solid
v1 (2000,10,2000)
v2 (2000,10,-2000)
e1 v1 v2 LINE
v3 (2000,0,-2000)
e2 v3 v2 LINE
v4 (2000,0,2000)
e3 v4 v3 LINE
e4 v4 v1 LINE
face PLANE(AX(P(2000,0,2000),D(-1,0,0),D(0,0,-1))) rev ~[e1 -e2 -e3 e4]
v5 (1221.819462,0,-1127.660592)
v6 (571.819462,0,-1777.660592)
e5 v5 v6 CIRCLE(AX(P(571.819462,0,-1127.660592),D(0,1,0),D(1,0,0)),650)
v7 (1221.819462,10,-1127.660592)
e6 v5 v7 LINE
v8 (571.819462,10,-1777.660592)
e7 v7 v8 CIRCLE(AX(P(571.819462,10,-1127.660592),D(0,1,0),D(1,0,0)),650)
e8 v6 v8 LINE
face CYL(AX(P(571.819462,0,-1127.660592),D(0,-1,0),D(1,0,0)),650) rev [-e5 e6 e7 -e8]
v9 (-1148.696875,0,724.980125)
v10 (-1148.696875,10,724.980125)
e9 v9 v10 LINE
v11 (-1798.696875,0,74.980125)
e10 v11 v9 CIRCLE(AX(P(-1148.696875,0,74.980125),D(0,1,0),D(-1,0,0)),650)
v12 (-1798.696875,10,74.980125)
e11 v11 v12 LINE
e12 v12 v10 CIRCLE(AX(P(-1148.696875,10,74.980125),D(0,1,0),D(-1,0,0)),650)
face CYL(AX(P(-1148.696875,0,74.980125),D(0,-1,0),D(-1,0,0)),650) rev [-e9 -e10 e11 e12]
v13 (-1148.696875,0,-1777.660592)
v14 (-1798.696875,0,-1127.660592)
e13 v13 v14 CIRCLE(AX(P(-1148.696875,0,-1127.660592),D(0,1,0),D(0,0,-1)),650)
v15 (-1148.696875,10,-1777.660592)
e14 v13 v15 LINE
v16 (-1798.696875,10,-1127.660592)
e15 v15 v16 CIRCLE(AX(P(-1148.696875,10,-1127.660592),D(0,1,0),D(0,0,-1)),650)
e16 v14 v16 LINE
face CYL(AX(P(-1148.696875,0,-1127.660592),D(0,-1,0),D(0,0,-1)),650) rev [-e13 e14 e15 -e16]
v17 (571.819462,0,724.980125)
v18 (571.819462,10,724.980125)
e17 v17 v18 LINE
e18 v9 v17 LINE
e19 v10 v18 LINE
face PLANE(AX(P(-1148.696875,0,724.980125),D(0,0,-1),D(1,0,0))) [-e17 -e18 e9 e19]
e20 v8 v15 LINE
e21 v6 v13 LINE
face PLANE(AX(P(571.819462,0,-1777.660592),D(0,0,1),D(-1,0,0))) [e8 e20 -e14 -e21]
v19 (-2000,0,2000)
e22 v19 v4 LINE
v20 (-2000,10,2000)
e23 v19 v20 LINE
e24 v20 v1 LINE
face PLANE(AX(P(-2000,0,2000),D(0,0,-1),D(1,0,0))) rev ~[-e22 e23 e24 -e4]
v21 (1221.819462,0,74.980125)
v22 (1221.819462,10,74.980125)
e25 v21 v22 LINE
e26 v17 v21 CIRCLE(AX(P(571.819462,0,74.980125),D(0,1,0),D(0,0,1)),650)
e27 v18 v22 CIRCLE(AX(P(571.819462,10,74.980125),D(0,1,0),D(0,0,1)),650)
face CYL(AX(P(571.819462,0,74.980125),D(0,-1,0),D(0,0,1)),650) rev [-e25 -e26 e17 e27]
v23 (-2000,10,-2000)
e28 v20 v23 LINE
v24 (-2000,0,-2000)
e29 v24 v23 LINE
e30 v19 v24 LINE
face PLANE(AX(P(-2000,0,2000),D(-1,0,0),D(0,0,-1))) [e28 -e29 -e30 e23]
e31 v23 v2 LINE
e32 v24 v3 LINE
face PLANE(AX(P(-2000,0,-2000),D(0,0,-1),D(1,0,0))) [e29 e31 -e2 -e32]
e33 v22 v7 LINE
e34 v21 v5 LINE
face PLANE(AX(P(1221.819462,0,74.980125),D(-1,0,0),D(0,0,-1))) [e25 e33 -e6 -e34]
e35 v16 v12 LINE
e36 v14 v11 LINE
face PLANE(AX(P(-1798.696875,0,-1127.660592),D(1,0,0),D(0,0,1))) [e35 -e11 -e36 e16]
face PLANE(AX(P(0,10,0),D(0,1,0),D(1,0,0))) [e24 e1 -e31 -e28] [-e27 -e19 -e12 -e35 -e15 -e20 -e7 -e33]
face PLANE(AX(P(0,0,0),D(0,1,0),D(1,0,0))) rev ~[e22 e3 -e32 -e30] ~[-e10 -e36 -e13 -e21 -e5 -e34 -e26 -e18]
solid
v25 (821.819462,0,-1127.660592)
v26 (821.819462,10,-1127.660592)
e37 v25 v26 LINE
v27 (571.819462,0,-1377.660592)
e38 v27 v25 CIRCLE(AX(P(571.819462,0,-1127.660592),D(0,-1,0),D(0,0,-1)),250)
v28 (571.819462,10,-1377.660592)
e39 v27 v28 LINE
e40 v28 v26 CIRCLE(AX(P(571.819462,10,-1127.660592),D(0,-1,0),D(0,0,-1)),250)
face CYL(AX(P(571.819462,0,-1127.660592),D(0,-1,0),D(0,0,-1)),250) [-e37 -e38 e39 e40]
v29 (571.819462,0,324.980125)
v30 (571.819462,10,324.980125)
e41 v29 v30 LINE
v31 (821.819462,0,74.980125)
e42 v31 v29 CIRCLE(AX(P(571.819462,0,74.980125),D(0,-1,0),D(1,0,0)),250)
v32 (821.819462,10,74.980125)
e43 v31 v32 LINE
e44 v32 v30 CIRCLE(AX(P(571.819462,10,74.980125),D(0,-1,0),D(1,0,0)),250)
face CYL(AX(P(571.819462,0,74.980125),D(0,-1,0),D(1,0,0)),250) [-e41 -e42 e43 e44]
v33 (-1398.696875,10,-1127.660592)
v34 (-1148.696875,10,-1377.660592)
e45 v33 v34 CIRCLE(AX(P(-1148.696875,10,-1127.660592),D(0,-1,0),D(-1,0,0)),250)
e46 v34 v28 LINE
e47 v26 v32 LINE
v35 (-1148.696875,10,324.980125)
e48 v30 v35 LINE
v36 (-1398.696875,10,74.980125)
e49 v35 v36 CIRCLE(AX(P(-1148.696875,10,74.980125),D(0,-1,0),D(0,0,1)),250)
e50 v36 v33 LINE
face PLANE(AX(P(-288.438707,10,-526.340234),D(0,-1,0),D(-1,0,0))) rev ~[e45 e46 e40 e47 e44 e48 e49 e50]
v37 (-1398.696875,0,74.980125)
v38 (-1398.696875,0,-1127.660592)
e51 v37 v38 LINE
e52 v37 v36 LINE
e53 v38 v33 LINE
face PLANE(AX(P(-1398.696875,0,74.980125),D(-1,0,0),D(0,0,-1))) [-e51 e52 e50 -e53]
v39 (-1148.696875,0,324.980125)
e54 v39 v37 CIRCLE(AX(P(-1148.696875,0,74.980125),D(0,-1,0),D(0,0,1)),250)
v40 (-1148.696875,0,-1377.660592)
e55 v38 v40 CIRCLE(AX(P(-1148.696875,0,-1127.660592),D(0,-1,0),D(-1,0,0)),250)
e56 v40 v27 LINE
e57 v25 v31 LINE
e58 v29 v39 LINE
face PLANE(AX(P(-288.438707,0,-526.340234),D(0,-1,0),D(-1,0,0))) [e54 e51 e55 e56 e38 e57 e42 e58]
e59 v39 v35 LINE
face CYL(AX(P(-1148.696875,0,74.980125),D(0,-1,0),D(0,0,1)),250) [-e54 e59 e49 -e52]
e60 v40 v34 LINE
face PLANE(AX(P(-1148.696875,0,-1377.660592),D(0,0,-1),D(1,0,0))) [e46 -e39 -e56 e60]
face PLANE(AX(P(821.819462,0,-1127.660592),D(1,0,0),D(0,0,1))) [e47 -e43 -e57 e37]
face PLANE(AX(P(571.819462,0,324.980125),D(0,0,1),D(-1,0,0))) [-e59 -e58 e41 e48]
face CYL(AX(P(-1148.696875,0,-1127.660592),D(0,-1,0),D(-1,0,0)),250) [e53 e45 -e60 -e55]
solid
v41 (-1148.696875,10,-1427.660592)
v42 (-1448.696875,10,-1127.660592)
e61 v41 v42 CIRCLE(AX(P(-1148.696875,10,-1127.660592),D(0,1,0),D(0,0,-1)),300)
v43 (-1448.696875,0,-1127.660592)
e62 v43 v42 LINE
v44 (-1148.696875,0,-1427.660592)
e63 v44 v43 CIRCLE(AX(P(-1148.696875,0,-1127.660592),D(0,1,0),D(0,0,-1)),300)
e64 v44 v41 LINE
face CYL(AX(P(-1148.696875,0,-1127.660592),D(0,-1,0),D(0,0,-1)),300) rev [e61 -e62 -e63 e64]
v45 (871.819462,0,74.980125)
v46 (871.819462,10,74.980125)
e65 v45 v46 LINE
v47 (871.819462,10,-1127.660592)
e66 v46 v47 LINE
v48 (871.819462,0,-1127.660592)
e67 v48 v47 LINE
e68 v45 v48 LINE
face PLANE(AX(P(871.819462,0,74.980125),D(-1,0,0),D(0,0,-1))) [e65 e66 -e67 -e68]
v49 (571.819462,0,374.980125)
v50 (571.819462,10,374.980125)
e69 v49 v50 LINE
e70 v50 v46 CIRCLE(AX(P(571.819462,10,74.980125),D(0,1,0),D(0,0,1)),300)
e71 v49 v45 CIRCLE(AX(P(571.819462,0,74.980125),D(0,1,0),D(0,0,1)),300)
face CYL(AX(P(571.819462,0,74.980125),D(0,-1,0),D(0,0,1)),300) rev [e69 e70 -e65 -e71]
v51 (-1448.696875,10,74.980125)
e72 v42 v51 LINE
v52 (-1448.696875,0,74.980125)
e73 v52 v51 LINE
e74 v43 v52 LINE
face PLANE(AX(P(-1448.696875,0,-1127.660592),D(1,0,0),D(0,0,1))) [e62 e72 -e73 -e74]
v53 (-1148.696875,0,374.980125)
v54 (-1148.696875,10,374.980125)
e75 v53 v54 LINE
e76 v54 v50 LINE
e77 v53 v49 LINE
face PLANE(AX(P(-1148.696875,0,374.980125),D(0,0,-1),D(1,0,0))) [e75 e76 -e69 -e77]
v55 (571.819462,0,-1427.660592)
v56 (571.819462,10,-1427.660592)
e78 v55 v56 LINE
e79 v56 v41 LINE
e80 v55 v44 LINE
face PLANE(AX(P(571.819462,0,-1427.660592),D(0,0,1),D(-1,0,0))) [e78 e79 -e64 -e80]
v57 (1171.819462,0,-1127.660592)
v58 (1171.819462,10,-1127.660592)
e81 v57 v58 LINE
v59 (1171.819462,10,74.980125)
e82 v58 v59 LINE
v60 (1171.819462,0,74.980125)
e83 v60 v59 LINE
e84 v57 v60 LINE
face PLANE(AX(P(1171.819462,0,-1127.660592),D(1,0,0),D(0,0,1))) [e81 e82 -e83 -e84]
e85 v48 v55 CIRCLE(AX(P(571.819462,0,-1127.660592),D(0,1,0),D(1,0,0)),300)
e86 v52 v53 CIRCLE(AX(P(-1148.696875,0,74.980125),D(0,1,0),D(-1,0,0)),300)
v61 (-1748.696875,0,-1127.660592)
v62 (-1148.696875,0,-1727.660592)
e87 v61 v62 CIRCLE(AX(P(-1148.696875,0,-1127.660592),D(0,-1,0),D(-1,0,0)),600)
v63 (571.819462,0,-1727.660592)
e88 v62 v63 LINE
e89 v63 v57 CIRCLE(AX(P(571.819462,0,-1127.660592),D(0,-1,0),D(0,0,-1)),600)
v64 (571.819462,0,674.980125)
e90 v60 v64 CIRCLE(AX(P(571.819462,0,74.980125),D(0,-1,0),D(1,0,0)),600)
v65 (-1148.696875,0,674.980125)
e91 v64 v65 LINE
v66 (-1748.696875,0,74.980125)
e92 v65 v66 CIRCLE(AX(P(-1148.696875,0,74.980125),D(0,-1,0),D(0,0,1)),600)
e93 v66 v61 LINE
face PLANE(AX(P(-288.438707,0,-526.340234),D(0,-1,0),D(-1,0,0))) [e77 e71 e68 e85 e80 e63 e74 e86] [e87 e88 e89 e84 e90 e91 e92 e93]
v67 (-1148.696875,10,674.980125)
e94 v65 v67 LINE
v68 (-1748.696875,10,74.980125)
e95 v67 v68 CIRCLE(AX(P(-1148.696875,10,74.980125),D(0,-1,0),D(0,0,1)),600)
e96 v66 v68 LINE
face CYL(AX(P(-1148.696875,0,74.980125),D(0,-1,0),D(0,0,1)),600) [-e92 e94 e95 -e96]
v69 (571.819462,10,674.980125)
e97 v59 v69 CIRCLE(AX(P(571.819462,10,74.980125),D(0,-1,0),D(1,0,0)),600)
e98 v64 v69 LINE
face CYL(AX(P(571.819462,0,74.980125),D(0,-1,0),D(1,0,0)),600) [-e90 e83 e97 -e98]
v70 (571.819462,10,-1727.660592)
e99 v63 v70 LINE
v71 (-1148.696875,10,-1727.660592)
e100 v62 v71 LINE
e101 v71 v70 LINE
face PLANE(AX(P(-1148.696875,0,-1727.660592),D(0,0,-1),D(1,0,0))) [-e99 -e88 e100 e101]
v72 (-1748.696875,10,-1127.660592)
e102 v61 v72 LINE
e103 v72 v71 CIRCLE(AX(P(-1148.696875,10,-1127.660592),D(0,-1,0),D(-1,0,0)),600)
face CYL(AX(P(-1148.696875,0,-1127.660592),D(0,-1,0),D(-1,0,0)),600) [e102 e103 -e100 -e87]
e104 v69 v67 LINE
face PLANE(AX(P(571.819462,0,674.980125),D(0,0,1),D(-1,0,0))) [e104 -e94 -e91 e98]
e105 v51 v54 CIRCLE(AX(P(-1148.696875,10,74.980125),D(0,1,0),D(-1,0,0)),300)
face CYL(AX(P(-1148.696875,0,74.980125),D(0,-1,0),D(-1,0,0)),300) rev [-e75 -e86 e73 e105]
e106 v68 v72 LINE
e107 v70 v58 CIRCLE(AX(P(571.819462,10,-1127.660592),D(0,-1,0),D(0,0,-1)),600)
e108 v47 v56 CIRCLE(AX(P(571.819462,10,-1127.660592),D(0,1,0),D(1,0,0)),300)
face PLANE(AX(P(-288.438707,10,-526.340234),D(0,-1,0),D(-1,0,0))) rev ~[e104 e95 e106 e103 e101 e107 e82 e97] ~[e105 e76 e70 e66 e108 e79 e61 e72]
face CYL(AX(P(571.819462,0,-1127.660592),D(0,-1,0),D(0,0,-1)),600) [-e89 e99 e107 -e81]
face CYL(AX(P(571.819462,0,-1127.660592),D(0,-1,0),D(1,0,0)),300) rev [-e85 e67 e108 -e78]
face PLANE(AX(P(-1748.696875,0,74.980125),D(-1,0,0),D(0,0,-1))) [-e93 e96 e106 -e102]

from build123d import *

# Parameters (mm, degrees)
SKETCH1_W             = 4000
SKETCH1_H             = 4000
BOSS_EXTRUDE2_DEPTH   = 10
BOSS_EXTRUDE2_2_DEPTH = 10
BOSS_EXTRUDE2_3_DEPTH = 10


with BuildPart() as part:
    # Sketch1 → Boss-Extrude2 (new body)
    with BuildSketch(Plane(origin=(0, 0, 0), x_dir=(1, 0, 0), z_dir=(0, 1, 0))):
        Rectangle(SKETCH1_W, SKETCH1_H)
        with BuildLine():
            ThreePointArc((-1798.69687513, -74.980124621), (-1608.316282902, -534.599532393), (-1148.69687513, -724.980124621))
            Line((-1148.69687513, -724.980124621), (571.819461789, -724.980124621))
            ThreePointArc((571.819461789, -724.980124621), (1031.43886956, -534.599532393), (1221.819461789, -74.980124621))
            Line((1221.819461789, -74.980124621), (1221.819461789, 1127.660592132))
            ThreePointArc((1221.819461789, 1127.660592132), (1031.43886956, 1587.279999903), (571.819461789, 1777.660592132))
            Line((571.819461789, 1777.660592132), (-1148.69687513, 1777.660592132))
            ThreePointArc((-1148.69687513, 1777.660592132), (-1608.316282902, 1587.279999903), (-1798.69687513, 1127.660592132))
            Line((-1798.69687513, 1127.660592132), (-1798.69687513, -74.980124621))
        make_face(mode=Mode.SUBTRACT)
    extrude(amount=BOSS_EXTRUDE2_DEPTH)


with BuildPart() as body_2:
    # Sketch1 → Boss-Extrude2 2 (new body)
    with BuildSketch(Plane(origin=(0, 0, 0), x_dir=(1, 0, 0), z_dir=(0, 1, 0))):
        with BuildLine():
            Line((-1148.69687513, 1727.660592132), (571.819461789, 1727.660592132))
            ThreePointArc((571.819461789, 1727.660592132), (996.083530501, 1551.924660844), (1171.819461789, 1127.660592132))
            Line((1171.819461789, 1127.660592132), (1171.819461789, -74.980124621))
            ThreePointArc((1171.819461789, -74.980124621), (996.083530501, -499.244193333), (571.819461789, -674.980124621))
            Line((571.819461789, -674.980124621), (-1148.69687513, -674.980124621))
            ThreePointArc((-1148.69687513, -674.980124621), (-1572.960943842, -499.244193333), (-1748.69687513, -74.980124621))
            Line((-1748.69687513, -74.980124621), (-1748.69687513, 1127.660592132))
            ThreePointArc((-1748.69687513, 1127.660592132), (-1572.960943842, 1551.924660844), (-1148.69687513, 1727.660592132))
        make_face()
        with BuildLine():
            ThreePointArc((-1148.69687513, 1427.660592132), (-1360.828909486, 1339.792626488), (-1448.69687513, 1127.660592132))
            Line((-1448.69687513, 1127.660592132), (-1448.69687513, -74.980124621))
            ThreePointArc((-1448.69687513, -74.980124621), (-1360.828909486, -287.112158977), (-1148.69687513, -374.980124621))
            Line((-1148.69687513, -374.980124621), (571.819461789, -374.980124621))
            ThreePointArc((571.819461789, -374.980124621), (783.951496145, -287.112158977), (871.819461789, -74.980124621))
            Line((871.819461789, -74.980124621), (871.819461789, 1127.660592132))
            ThreePointArc((871.819461789, 1127.660592132), (783.951496145, 1339.792626488), (571.819461789, 1427.660592132))
            Line((571.819461789, 1427.660592132), (-1148.69687513, 1427.660592132))
        make_face(mode=Mode.SUBTRACT)
    extrude(amount=BOSS_EXTRUDE2_2_DEPTH)


with BuildPart() as body_3:
    # Sketch1 → Boss-Extrude2 3 (new body)
    with BuildSketch(Plane(origin=(0, 0, 0), x_dir=(1, 0, 0), z_dir=(0, 1, 0))):
        with BuildLine():
            Line((-1148.69687513, 1377.660592132), (571.819461789, 1377.660592132))
            ThreePointArc((571.819461789, 1377.660592132), (748.596157085, 1304.437287428), (821.819461789, 1127.660592132))
            Line((821.819461789, 1127.660592132), (821.819461789, -74.980124621))
            ThreePointArc((821.819461789, -74.980124621), (748.596157085, -251.756819918), (571.819461789, -324.980124621))
            Line((571.819461789, -324.980124621), (-1148.69687513, -324.980124621))
            ThreePointArc((-1148.69687513, -324.980124621), (-1325.473570427, -251.756819918), (-1398.69687513, -74.980124621))
            Line((-1398.69687513, -74.980124621), (-1398.69687513, 1127.660592132))
            ThreePointArc((-1398.69687513, 1127.660592132), (-1325.473570427, 1304.437287428), (-1148.69687513, 1377.660592132))
        make_face()
    extrude(amount=BOSS_EXTRUDE2_3_DEPTH)


solid = Compound([part.part, body_2.part, body_3.part])
